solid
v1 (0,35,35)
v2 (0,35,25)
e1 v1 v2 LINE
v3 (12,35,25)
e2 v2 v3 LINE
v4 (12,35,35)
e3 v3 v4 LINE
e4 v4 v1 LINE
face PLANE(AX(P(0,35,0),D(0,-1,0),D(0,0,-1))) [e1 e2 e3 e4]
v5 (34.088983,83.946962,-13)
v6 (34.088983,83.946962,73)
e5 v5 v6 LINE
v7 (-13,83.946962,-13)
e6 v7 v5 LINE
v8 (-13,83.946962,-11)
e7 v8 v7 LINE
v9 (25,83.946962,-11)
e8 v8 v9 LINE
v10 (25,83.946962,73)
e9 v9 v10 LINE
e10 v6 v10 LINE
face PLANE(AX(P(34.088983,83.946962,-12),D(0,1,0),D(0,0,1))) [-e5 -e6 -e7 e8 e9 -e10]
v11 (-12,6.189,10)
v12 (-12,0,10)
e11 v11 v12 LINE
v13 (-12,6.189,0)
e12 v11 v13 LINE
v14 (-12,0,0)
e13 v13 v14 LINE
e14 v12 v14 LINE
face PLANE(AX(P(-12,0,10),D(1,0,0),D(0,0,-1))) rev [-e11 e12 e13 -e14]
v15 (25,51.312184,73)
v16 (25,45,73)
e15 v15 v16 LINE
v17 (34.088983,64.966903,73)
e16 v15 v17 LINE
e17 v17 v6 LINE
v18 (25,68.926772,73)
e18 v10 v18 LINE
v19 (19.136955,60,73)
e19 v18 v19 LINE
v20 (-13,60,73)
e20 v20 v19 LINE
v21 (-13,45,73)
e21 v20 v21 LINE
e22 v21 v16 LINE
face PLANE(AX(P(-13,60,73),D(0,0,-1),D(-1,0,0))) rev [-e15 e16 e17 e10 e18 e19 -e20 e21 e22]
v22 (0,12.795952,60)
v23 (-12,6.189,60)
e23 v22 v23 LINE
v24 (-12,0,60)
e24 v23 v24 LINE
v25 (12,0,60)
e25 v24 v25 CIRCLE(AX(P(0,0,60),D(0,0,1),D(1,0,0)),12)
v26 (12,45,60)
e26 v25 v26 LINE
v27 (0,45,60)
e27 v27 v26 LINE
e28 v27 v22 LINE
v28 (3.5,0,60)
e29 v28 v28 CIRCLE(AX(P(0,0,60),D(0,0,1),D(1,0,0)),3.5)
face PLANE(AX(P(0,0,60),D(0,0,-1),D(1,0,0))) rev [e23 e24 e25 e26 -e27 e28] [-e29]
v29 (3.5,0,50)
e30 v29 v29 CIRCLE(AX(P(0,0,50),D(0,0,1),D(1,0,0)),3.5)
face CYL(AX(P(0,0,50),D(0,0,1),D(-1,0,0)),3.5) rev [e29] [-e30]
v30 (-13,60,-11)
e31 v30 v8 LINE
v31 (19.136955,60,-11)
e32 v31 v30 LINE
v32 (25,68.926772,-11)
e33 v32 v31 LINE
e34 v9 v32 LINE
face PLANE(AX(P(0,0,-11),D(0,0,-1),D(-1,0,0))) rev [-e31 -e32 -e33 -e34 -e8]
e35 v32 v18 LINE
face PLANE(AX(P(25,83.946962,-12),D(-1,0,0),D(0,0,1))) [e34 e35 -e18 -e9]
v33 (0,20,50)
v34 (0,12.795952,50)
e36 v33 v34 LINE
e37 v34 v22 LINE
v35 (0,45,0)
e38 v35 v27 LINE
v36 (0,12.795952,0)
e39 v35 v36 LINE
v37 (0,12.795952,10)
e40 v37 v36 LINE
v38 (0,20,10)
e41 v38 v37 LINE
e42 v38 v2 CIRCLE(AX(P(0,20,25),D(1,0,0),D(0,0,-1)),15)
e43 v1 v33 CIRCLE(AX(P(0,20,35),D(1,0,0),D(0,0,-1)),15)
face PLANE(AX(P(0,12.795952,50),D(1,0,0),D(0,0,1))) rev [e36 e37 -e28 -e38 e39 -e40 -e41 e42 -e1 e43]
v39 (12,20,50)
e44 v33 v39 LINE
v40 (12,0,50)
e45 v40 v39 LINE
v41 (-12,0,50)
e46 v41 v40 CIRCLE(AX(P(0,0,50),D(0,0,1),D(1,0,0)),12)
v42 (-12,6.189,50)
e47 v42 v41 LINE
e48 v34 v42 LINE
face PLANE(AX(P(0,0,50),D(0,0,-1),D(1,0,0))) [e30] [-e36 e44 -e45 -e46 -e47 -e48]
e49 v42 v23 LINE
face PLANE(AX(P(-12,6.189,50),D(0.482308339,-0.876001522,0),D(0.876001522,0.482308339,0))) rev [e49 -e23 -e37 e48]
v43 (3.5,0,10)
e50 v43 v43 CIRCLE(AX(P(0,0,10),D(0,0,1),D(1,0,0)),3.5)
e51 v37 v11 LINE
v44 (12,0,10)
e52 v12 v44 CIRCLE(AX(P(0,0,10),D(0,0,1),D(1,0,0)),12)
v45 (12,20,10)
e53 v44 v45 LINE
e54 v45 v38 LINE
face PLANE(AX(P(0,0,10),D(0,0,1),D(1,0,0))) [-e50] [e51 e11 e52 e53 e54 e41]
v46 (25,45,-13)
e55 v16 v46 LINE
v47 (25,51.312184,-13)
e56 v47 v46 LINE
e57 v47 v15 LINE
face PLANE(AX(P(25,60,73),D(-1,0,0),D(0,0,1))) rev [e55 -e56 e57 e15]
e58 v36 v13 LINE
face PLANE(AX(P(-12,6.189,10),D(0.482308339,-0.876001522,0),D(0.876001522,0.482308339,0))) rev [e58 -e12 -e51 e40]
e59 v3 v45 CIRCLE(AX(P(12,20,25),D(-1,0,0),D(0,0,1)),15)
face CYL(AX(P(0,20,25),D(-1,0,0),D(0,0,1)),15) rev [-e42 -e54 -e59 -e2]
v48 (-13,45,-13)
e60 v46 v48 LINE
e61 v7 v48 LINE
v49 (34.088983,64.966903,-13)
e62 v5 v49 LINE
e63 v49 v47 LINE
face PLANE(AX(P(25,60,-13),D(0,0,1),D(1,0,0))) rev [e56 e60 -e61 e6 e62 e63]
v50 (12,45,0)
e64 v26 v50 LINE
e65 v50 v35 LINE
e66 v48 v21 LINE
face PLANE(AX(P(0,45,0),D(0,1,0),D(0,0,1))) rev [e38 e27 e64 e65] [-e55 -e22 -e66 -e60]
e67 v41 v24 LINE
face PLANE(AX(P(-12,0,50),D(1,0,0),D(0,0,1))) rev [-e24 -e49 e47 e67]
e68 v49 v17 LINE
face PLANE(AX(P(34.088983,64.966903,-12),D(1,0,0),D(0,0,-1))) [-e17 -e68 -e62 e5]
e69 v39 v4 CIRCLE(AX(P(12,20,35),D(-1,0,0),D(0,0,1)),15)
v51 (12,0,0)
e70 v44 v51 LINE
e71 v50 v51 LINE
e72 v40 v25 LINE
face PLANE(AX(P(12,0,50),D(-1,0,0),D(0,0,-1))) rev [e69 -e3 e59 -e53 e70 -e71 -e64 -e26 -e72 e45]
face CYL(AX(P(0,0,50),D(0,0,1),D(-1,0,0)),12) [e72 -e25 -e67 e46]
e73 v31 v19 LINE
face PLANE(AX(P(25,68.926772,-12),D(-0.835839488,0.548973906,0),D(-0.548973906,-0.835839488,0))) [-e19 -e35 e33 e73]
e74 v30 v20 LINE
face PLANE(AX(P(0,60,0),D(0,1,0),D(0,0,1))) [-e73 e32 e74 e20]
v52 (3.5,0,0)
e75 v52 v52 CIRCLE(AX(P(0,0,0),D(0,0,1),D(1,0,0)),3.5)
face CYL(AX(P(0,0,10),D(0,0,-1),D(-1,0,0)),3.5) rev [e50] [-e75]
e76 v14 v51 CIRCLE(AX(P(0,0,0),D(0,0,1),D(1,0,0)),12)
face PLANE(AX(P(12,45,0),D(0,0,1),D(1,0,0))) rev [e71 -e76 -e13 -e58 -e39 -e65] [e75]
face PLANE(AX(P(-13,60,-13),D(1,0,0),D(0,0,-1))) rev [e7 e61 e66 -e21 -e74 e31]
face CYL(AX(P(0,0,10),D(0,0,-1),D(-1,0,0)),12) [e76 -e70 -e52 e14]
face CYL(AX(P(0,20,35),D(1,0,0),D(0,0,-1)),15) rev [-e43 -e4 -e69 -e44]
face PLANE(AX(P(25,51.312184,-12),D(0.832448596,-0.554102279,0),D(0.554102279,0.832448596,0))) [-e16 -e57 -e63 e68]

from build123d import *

# Parameters (mm, degrees)
ESQUISSE1_R        = 3.5
BOSS_EXTRU_1_DEPTH = 10
BOSS_EXTRU_2_DEPTH = 5
ESQUISSE3_W        = 12
ESQUISSE3_H        = 40
BOSS_EXTRU_3_DEPTH = 5
CONG_1_R           = 15
ESQUISSE4_W        = 38
ESQUISSE4_H        = 86
BOSS_EXTRU_4_DEPTH = 15
BOSS_EXTRU_5_DEPTH = 85
BOSS_EXTRU_6_DEPTH = 2


with BuildPart() as part:
    # Esquisse1 → Boss.-Extru.1 (new body)
    with BuildSketch(Plane.XY):
        with BuildLine():
            Line((-12, 0), (-12, 6.188999999))
            Line((-12, 6.188999999), (0, 12.795952069))
            Line((0, 12.795952069), (0, 40))
            Line((0, 40), (12, 40))
            Line((12, 40), (12, 0))
            ThreePointArc((12, 0), (0, -12), (-12, 0))
        make_face()
        Circle(ESQUISSE1_R, mode=Mode.SUBTRACT)
    extrude(amount=BOSS_EXTRU_1_DEPTH)


with BuildPart() as body_2:
    # Esquisse2 → Boss.-Extru.2 (new body)
    with BuildSketch(Plane(origin=(0, 40, 0), x_dir=(1, 0, 0), z_dir=(0, 1, 0))):
        Polygon((0, -10), (0, -60), (12, -60), (12, -10), (12, 0), (0, 0), align=None)
    extrude(amount=BOSS_EXTRU_2_DEPTH)


with BuildPart() as body_3:
    # Symétrie2: mirrored copy
    add(part.part.mirror(Plane.XY.offset(30)))

    # Combiner1: union body 2, part
    add(body_2.part)
    add(part.part)

    # Esquisse3 → Boss.-Extru.3 (add)
    with BuildSketch(Plane.XZ.offset(-40)):
        with Locations((6, 30)):
            Rectangle(ESQUISSE3_W, ESQUISSE3_H)
    extrude(amount=BOSS_EXTRU_3_DEPTH)

    # Congé1
    cong_1_edges = [body_3.edges().sort_by_distance(p)[0] for p in [
        (6, 35, 10),
        (6, 35, 50),
    ]]
    fillet(cong_1_edges, radius=CONG_1_R)

    # Esquisse4 → Boss.-Extru.4 (add)
    with BuildSketch(Plane(origin=(0, 45, 0), x_dir=(1, 0, 0), z_dir=(0, 1, 0))):
        with Locations((6, -30)):
            Rectangle(ESQUISSE4_W, ESQUISSE4_H)
    extrude(amount=BOSS_EXTRU_4_DEPTH)

    # Esquisse5 → Boss.-Extru.5 (add)
    with BuildSketch(Plane.XY.offset(73)):
        Polygon((25, 51.312184347), (34.08898267, 64.966903238), (34.08898267, 83.946962496), (25, 83.946962496), (25, 68.926771716), (19.136954754, 60), align=None)
    extrude(amount=-BOSS_EXTRU_5_DEPTH)

    # Esquisse6 → Boss.-Extru.6 (add)
    with BuildSketch(Plane(origin=(0, 0, -13), x_dir=(-1, 0, 0), z_dir=(0, 0, -1))):
        Polygon((-34.08898267, 64.966903238), (-25, 51.312184347), (-25, 45), (13, 45), (13, 60), (13, 83.946962496), (-25, 83.946962496), (-34.08898267, 83.946962496), align=None)
    extrude(amount=-BOSS_EXTRU_6_DEPTH)


solid = body_3.part
